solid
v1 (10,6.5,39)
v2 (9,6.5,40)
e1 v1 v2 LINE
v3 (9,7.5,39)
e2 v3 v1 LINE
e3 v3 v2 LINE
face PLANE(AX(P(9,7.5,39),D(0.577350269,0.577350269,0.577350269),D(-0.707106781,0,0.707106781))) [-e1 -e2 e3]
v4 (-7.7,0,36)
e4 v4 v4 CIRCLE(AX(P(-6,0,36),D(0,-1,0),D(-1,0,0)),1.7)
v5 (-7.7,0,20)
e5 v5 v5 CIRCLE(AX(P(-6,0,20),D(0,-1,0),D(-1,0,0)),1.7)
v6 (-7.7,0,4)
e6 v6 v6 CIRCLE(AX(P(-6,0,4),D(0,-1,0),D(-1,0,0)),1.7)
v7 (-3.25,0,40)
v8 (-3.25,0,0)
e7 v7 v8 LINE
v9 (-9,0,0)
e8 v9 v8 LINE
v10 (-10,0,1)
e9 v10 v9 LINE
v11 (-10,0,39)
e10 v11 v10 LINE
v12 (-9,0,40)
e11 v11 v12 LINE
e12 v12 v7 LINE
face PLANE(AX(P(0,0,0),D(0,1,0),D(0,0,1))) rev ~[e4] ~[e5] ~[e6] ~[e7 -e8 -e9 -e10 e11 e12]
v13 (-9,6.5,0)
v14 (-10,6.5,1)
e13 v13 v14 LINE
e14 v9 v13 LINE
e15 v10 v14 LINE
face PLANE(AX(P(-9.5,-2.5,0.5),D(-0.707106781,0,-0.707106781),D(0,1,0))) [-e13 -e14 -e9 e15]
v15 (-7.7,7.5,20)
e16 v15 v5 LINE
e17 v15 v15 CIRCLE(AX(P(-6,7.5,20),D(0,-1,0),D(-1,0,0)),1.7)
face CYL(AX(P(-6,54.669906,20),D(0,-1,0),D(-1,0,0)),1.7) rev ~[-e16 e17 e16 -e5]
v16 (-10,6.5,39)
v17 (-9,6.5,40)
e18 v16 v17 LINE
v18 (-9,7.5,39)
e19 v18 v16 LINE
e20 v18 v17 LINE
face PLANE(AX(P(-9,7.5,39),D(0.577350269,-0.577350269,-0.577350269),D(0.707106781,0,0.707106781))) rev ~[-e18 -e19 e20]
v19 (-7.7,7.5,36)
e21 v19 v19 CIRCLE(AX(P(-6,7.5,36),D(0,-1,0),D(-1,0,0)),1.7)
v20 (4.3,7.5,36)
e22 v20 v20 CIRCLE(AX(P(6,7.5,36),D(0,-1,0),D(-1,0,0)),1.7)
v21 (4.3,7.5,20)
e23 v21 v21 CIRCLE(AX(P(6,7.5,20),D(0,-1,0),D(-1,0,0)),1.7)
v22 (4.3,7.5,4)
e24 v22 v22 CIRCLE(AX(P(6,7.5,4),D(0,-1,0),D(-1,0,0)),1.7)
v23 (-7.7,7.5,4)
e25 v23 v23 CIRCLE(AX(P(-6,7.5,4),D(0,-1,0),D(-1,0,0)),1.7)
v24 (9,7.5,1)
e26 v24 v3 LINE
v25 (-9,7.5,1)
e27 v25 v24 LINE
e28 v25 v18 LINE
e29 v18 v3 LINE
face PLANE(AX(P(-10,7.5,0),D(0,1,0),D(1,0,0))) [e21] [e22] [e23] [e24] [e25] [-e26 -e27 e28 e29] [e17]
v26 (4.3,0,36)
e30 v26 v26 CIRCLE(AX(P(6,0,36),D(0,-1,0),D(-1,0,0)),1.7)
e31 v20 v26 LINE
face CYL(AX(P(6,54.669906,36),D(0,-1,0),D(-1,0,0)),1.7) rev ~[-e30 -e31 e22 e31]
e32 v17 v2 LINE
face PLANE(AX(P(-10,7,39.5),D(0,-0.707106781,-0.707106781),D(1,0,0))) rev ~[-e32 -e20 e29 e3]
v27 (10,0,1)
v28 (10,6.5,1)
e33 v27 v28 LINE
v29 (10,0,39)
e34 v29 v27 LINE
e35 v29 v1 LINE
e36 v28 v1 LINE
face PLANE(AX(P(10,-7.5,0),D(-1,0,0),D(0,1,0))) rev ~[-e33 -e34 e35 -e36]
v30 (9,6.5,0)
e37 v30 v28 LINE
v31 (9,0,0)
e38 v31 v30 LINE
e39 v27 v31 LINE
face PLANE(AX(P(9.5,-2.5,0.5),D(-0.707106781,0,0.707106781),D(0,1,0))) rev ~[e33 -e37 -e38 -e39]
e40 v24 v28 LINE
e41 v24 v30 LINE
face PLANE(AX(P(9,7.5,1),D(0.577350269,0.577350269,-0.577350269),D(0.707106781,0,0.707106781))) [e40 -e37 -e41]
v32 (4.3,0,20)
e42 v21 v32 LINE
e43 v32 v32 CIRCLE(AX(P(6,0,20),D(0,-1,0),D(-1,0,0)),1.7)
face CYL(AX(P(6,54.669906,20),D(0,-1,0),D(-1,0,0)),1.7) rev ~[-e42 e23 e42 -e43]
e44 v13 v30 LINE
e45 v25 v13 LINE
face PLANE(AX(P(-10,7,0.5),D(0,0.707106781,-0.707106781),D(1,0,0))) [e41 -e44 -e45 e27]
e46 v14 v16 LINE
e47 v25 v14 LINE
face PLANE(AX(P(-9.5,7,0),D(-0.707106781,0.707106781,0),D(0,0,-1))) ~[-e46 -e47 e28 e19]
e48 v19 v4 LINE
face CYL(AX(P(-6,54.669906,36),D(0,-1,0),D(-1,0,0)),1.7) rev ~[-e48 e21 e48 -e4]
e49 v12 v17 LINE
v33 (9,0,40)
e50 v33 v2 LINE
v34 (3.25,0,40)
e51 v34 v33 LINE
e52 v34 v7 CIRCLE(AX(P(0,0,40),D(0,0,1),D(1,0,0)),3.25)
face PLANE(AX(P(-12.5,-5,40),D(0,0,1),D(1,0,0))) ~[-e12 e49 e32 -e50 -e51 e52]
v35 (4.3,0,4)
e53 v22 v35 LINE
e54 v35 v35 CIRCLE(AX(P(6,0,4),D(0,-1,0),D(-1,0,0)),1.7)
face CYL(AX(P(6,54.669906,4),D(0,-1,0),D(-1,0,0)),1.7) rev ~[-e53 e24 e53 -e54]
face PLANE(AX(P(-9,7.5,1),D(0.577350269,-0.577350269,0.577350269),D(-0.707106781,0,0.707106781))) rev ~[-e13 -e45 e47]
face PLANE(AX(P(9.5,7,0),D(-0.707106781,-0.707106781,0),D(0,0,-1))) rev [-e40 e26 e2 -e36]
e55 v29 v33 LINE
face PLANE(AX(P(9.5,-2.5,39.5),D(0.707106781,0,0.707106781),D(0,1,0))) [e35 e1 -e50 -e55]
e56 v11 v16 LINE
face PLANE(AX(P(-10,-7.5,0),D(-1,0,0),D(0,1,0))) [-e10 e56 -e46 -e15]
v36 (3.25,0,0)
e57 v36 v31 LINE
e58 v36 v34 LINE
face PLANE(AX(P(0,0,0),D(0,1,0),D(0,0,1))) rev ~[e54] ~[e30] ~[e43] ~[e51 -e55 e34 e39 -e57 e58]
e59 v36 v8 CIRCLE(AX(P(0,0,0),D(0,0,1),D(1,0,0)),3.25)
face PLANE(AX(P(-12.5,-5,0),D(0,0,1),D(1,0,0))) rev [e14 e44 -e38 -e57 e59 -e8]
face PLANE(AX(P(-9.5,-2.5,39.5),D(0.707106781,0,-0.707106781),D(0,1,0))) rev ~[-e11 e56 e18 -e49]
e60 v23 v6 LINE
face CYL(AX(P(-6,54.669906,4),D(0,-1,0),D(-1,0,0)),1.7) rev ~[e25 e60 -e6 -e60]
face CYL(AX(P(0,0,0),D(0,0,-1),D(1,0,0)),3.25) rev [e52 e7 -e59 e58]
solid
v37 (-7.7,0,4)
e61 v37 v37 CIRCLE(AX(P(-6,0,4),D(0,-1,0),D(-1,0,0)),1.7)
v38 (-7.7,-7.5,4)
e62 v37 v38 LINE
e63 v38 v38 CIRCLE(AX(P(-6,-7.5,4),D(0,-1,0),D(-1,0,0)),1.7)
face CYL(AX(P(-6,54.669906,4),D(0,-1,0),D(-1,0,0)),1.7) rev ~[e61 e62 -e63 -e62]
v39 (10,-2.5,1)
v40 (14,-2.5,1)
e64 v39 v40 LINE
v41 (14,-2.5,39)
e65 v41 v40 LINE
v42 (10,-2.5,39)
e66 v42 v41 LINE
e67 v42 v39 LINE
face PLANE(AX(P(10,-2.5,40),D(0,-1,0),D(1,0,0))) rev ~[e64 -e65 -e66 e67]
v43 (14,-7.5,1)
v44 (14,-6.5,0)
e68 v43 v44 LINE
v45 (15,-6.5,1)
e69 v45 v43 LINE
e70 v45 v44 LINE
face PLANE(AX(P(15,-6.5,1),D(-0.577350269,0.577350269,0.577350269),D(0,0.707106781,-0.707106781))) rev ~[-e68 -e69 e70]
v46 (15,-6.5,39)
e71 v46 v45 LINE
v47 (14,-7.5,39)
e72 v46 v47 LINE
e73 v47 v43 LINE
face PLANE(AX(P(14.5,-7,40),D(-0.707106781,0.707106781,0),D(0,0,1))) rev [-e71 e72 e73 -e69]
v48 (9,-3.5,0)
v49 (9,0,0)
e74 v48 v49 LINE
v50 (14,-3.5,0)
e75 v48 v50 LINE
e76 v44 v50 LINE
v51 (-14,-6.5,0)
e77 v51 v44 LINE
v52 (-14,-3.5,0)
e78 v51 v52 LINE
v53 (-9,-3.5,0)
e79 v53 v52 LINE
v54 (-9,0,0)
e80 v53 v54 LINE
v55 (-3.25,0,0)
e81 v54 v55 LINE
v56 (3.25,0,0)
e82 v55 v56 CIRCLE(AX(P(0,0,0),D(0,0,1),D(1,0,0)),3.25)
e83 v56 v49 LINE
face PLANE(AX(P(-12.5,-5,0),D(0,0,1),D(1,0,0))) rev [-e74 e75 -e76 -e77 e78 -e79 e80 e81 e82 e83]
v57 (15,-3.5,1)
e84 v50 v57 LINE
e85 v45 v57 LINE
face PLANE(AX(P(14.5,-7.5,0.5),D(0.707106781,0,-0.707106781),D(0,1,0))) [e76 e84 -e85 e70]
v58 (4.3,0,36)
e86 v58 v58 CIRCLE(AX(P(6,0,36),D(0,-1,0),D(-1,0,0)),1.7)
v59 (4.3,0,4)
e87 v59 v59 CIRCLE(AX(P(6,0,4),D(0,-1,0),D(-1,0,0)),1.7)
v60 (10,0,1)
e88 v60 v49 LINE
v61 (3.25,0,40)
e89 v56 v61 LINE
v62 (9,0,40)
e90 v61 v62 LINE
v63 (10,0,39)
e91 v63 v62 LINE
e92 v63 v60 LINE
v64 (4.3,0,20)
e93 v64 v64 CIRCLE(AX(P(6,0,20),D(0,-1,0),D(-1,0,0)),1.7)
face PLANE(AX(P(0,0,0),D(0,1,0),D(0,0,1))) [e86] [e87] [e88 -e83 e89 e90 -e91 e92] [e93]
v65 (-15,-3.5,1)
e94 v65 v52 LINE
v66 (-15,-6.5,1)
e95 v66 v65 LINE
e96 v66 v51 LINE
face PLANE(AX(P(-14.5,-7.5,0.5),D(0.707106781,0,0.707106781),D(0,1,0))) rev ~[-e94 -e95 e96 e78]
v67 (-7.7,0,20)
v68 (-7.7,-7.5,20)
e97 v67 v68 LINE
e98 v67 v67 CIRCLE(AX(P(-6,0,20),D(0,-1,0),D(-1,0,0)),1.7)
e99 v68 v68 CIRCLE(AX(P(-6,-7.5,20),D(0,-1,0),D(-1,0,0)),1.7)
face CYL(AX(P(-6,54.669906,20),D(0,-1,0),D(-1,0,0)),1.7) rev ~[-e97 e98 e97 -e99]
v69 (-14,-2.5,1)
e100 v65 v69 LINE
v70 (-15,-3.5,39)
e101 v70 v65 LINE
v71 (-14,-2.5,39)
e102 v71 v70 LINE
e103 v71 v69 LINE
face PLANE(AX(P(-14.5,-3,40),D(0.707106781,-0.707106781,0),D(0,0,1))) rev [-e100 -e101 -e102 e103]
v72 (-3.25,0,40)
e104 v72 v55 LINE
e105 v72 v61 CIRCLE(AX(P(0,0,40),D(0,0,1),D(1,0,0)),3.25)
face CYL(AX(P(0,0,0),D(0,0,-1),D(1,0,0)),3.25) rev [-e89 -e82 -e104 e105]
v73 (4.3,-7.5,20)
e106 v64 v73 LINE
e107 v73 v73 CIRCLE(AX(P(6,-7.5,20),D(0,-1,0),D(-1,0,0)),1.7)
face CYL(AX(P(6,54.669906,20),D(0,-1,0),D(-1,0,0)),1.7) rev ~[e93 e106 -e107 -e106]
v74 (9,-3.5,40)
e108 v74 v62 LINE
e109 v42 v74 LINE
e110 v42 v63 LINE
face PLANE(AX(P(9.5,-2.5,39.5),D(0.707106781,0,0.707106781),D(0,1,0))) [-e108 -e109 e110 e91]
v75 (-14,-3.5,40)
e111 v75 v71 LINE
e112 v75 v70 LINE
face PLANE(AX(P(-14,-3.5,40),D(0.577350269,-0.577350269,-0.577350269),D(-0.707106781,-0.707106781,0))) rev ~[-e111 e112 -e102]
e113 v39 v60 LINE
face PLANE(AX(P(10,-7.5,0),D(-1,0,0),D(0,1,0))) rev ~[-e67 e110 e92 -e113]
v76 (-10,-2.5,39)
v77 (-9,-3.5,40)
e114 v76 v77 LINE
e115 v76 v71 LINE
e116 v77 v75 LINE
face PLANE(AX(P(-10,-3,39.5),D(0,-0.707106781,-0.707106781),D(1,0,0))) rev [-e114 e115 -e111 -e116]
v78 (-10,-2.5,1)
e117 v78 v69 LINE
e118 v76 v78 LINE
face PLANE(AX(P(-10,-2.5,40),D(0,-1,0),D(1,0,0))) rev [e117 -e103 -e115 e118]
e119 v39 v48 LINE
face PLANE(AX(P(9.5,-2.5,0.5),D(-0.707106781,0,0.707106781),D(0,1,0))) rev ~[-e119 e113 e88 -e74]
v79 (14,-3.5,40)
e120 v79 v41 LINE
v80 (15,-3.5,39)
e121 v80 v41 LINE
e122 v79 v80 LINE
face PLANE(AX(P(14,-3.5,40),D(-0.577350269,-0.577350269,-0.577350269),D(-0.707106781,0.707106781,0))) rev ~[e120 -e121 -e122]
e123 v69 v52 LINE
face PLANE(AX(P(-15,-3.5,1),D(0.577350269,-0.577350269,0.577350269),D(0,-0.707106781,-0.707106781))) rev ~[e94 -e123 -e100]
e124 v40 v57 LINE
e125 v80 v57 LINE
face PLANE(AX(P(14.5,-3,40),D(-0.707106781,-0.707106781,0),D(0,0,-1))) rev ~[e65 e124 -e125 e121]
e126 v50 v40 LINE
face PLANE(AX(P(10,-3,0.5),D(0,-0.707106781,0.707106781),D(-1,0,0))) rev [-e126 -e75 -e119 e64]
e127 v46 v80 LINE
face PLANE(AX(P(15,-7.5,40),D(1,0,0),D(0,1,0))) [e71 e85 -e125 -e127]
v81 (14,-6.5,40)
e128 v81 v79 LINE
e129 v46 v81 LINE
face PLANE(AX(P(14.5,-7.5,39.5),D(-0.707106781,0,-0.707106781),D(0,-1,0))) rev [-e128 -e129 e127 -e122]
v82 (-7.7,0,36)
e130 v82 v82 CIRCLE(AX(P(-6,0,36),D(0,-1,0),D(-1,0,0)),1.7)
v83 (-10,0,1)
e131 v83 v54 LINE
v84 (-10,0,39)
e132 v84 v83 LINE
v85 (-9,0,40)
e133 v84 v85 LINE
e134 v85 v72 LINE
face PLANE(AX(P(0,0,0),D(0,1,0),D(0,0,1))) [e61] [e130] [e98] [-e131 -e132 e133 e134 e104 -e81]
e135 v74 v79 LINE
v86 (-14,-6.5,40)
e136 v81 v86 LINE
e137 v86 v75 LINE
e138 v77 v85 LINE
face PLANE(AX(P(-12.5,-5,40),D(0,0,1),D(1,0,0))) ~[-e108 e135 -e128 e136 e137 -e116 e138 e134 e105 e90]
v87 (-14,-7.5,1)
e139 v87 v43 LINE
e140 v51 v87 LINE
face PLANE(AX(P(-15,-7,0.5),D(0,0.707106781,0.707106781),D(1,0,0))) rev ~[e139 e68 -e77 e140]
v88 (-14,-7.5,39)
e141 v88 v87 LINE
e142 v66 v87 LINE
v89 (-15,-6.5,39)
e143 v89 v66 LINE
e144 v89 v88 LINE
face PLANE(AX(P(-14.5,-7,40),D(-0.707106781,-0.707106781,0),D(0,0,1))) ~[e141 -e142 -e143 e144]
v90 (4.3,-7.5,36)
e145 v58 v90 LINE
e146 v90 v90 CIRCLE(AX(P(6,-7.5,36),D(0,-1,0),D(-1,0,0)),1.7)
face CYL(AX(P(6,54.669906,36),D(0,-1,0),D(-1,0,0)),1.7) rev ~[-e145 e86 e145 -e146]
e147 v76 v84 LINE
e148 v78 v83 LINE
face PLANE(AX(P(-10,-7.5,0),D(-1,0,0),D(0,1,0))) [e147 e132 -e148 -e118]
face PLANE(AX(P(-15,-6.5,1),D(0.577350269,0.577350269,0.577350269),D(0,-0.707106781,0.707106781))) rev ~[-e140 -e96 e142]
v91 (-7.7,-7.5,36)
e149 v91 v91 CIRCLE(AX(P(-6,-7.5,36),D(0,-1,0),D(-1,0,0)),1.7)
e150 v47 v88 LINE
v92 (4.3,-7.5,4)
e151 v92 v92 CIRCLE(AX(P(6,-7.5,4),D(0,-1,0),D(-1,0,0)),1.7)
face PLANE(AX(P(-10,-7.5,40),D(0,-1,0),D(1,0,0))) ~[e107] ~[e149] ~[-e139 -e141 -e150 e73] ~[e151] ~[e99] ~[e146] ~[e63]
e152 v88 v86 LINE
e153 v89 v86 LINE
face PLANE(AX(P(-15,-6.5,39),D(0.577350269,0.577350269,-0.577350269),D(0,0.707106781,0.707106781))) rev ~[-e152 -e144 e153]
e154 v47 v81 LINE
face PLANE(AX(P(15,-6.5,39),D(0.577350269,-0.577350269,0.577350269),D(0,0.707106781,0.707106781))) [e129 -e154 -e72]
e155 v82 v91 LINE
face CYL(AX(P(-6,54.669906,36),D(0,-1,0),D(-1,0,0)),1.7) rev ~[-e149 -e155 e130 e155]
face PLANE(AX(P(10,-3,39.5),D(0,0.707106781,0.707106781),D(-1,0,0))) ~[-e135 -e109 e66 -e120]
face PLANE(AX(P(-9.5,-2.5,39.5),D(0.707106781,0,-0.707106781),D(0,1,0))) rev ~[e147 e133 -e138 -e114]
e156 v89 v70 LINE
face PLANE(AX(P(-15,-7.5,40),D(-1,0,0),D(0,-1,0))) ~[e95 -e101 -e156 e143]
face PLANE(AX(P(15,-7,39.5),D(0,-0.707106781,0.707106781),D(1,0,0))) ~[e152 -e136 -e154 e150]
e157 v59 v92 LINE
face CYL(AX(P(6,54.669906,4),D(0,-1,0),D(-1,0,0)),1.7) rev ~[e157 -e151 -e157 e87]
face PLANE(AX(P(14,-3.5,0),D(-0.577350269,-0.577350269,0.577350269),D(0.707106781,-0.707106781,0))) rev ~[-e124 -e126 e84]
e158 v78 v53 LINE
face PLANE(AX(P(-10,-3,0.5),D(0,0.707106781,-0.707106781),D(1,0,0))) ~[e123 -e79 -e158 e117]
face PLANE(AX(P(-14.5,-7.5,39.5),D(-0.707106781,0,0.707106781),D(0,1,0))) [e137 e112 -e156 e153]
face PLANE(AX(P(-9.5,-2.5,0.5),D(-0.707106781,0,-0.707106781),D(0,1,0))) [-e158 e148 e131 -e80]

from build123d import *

# Parameters (mm, degrees)
SKETCH1_W            = 20
SKETCH1_H            = 15
SKETCH1_R            = 3.25
BOSS_EXTRUDE1_DEPTH  = 40
M3_CLEARANCE_HOLE1_D = 3.4
LPATTERN1_COUNT      = 3
LPATTERN1_PITCH      = 16
LPATTERN1_COUNT_DIR2 = 2
LPATTERN1_PITCH_DIR2 = 12
SKETCH5_W            = 5
SKETCH5_H            = 5
BOSS_EXTRUDE3_DEPTH  = 40
CHAMFER1_SIZE        = 1


with BuildPart() as part:
    # Sketch1 → Boss-Extrude1 (new body)
    with BuildSketch(Plane.XY):
        Rectangle(SKETCH1_W, SKETCH1_H)
        Circle(SKETCH1_R, mode=Mode.SUBTRACT)
    extrude(amount=BOSS_EXTRUDE1_DEPTH)

    # M3 Clearance Hole1 (through all)
    with Locations(Plane(origin=(0, 7.5, 0), x_dir=(1, 0, 0), z_dir=(0, 1, 0))):
        with Locations((-6, -36)):
            m3_clearance_hole1 = Hole(M3_CLEARANCE_HOLE1_D / 2)

    # LPattern1: M3 Clearance Hole1 3 × 2
    with Locations(*[(j * LPATTERN1_PITCH_DIR2, 0, -i * LPATTERN1_PITCH) for i in range(LPATTERN1_COUNT) for j in range(LPATTERN1_COUNT_DIR2) if (i, j) != (0, 0)]):
        add(m3_clearance_hole1, mode=Mode.SUBTRACT)

    # Sketch5 → Boss-Extrude3 (add)
    with BuildSketch(Plane.XY.offset(40)):
        with Locations((12.5, -5)):
            Rectangle(SKETCH5_W, SKETCH5_H)
    boss_extrude3 = extrude(amount=-BOSS_EXTRUDE3_DEPTH)

    # Mirror2: Boss-Extrude3 across plane
    add(boss_extrude3.mirror(Plane(origin=(0, 0, 0), x_dir=(0, 0, 1), z_dir=(1, 0, 0))))

    # Chamfer1
    chamfer1_edges = [part.edges().sort_by_distance(p)[0] for p in [
        (-10, 2.5, 40),
        (0, -7.5, 40),
        (0, -7.5, 0),
        (10, 2.5, 0),
        (10, 2.5, 40),
        (15, -2.5, 20),
        (15, -7.5, 20),
        (15, -5, 40),
        (-10, 2.5, 0),
        (12.5, -2.5, 40),
        (12.5, -2.5, 0),
        (15, -5, 0),
        (0, 7.5, 0),
        (-12.5, -2.5, 0),
        (-15, -2.5, 20),
        (-12.5, -2.5, 40),
        (-15, -5, 0),
        (-15, -7.5, 20),
        (-15, -5, 40),
        (-10, 7.5, 20),
        (10, 7.5, 20),
        (0, 7.5, 40),
    ]]
    chamfer(chamfer1_edges, length=CHAMFER1_SIZE)


with BuildPart() as body_2:
    # Split1: the piece on the far side of the plane
    add(part.part)
    split(bisect_by=Plane.ZX, keep=Keep.BOTTOM)


with BuildPart() as part_1:
    add(part.part)

    # Split1
    split(bisect_by=Plane.ZX, keep=Keep.TOP)


solid = Compound([body_2.part, part_1.part])
